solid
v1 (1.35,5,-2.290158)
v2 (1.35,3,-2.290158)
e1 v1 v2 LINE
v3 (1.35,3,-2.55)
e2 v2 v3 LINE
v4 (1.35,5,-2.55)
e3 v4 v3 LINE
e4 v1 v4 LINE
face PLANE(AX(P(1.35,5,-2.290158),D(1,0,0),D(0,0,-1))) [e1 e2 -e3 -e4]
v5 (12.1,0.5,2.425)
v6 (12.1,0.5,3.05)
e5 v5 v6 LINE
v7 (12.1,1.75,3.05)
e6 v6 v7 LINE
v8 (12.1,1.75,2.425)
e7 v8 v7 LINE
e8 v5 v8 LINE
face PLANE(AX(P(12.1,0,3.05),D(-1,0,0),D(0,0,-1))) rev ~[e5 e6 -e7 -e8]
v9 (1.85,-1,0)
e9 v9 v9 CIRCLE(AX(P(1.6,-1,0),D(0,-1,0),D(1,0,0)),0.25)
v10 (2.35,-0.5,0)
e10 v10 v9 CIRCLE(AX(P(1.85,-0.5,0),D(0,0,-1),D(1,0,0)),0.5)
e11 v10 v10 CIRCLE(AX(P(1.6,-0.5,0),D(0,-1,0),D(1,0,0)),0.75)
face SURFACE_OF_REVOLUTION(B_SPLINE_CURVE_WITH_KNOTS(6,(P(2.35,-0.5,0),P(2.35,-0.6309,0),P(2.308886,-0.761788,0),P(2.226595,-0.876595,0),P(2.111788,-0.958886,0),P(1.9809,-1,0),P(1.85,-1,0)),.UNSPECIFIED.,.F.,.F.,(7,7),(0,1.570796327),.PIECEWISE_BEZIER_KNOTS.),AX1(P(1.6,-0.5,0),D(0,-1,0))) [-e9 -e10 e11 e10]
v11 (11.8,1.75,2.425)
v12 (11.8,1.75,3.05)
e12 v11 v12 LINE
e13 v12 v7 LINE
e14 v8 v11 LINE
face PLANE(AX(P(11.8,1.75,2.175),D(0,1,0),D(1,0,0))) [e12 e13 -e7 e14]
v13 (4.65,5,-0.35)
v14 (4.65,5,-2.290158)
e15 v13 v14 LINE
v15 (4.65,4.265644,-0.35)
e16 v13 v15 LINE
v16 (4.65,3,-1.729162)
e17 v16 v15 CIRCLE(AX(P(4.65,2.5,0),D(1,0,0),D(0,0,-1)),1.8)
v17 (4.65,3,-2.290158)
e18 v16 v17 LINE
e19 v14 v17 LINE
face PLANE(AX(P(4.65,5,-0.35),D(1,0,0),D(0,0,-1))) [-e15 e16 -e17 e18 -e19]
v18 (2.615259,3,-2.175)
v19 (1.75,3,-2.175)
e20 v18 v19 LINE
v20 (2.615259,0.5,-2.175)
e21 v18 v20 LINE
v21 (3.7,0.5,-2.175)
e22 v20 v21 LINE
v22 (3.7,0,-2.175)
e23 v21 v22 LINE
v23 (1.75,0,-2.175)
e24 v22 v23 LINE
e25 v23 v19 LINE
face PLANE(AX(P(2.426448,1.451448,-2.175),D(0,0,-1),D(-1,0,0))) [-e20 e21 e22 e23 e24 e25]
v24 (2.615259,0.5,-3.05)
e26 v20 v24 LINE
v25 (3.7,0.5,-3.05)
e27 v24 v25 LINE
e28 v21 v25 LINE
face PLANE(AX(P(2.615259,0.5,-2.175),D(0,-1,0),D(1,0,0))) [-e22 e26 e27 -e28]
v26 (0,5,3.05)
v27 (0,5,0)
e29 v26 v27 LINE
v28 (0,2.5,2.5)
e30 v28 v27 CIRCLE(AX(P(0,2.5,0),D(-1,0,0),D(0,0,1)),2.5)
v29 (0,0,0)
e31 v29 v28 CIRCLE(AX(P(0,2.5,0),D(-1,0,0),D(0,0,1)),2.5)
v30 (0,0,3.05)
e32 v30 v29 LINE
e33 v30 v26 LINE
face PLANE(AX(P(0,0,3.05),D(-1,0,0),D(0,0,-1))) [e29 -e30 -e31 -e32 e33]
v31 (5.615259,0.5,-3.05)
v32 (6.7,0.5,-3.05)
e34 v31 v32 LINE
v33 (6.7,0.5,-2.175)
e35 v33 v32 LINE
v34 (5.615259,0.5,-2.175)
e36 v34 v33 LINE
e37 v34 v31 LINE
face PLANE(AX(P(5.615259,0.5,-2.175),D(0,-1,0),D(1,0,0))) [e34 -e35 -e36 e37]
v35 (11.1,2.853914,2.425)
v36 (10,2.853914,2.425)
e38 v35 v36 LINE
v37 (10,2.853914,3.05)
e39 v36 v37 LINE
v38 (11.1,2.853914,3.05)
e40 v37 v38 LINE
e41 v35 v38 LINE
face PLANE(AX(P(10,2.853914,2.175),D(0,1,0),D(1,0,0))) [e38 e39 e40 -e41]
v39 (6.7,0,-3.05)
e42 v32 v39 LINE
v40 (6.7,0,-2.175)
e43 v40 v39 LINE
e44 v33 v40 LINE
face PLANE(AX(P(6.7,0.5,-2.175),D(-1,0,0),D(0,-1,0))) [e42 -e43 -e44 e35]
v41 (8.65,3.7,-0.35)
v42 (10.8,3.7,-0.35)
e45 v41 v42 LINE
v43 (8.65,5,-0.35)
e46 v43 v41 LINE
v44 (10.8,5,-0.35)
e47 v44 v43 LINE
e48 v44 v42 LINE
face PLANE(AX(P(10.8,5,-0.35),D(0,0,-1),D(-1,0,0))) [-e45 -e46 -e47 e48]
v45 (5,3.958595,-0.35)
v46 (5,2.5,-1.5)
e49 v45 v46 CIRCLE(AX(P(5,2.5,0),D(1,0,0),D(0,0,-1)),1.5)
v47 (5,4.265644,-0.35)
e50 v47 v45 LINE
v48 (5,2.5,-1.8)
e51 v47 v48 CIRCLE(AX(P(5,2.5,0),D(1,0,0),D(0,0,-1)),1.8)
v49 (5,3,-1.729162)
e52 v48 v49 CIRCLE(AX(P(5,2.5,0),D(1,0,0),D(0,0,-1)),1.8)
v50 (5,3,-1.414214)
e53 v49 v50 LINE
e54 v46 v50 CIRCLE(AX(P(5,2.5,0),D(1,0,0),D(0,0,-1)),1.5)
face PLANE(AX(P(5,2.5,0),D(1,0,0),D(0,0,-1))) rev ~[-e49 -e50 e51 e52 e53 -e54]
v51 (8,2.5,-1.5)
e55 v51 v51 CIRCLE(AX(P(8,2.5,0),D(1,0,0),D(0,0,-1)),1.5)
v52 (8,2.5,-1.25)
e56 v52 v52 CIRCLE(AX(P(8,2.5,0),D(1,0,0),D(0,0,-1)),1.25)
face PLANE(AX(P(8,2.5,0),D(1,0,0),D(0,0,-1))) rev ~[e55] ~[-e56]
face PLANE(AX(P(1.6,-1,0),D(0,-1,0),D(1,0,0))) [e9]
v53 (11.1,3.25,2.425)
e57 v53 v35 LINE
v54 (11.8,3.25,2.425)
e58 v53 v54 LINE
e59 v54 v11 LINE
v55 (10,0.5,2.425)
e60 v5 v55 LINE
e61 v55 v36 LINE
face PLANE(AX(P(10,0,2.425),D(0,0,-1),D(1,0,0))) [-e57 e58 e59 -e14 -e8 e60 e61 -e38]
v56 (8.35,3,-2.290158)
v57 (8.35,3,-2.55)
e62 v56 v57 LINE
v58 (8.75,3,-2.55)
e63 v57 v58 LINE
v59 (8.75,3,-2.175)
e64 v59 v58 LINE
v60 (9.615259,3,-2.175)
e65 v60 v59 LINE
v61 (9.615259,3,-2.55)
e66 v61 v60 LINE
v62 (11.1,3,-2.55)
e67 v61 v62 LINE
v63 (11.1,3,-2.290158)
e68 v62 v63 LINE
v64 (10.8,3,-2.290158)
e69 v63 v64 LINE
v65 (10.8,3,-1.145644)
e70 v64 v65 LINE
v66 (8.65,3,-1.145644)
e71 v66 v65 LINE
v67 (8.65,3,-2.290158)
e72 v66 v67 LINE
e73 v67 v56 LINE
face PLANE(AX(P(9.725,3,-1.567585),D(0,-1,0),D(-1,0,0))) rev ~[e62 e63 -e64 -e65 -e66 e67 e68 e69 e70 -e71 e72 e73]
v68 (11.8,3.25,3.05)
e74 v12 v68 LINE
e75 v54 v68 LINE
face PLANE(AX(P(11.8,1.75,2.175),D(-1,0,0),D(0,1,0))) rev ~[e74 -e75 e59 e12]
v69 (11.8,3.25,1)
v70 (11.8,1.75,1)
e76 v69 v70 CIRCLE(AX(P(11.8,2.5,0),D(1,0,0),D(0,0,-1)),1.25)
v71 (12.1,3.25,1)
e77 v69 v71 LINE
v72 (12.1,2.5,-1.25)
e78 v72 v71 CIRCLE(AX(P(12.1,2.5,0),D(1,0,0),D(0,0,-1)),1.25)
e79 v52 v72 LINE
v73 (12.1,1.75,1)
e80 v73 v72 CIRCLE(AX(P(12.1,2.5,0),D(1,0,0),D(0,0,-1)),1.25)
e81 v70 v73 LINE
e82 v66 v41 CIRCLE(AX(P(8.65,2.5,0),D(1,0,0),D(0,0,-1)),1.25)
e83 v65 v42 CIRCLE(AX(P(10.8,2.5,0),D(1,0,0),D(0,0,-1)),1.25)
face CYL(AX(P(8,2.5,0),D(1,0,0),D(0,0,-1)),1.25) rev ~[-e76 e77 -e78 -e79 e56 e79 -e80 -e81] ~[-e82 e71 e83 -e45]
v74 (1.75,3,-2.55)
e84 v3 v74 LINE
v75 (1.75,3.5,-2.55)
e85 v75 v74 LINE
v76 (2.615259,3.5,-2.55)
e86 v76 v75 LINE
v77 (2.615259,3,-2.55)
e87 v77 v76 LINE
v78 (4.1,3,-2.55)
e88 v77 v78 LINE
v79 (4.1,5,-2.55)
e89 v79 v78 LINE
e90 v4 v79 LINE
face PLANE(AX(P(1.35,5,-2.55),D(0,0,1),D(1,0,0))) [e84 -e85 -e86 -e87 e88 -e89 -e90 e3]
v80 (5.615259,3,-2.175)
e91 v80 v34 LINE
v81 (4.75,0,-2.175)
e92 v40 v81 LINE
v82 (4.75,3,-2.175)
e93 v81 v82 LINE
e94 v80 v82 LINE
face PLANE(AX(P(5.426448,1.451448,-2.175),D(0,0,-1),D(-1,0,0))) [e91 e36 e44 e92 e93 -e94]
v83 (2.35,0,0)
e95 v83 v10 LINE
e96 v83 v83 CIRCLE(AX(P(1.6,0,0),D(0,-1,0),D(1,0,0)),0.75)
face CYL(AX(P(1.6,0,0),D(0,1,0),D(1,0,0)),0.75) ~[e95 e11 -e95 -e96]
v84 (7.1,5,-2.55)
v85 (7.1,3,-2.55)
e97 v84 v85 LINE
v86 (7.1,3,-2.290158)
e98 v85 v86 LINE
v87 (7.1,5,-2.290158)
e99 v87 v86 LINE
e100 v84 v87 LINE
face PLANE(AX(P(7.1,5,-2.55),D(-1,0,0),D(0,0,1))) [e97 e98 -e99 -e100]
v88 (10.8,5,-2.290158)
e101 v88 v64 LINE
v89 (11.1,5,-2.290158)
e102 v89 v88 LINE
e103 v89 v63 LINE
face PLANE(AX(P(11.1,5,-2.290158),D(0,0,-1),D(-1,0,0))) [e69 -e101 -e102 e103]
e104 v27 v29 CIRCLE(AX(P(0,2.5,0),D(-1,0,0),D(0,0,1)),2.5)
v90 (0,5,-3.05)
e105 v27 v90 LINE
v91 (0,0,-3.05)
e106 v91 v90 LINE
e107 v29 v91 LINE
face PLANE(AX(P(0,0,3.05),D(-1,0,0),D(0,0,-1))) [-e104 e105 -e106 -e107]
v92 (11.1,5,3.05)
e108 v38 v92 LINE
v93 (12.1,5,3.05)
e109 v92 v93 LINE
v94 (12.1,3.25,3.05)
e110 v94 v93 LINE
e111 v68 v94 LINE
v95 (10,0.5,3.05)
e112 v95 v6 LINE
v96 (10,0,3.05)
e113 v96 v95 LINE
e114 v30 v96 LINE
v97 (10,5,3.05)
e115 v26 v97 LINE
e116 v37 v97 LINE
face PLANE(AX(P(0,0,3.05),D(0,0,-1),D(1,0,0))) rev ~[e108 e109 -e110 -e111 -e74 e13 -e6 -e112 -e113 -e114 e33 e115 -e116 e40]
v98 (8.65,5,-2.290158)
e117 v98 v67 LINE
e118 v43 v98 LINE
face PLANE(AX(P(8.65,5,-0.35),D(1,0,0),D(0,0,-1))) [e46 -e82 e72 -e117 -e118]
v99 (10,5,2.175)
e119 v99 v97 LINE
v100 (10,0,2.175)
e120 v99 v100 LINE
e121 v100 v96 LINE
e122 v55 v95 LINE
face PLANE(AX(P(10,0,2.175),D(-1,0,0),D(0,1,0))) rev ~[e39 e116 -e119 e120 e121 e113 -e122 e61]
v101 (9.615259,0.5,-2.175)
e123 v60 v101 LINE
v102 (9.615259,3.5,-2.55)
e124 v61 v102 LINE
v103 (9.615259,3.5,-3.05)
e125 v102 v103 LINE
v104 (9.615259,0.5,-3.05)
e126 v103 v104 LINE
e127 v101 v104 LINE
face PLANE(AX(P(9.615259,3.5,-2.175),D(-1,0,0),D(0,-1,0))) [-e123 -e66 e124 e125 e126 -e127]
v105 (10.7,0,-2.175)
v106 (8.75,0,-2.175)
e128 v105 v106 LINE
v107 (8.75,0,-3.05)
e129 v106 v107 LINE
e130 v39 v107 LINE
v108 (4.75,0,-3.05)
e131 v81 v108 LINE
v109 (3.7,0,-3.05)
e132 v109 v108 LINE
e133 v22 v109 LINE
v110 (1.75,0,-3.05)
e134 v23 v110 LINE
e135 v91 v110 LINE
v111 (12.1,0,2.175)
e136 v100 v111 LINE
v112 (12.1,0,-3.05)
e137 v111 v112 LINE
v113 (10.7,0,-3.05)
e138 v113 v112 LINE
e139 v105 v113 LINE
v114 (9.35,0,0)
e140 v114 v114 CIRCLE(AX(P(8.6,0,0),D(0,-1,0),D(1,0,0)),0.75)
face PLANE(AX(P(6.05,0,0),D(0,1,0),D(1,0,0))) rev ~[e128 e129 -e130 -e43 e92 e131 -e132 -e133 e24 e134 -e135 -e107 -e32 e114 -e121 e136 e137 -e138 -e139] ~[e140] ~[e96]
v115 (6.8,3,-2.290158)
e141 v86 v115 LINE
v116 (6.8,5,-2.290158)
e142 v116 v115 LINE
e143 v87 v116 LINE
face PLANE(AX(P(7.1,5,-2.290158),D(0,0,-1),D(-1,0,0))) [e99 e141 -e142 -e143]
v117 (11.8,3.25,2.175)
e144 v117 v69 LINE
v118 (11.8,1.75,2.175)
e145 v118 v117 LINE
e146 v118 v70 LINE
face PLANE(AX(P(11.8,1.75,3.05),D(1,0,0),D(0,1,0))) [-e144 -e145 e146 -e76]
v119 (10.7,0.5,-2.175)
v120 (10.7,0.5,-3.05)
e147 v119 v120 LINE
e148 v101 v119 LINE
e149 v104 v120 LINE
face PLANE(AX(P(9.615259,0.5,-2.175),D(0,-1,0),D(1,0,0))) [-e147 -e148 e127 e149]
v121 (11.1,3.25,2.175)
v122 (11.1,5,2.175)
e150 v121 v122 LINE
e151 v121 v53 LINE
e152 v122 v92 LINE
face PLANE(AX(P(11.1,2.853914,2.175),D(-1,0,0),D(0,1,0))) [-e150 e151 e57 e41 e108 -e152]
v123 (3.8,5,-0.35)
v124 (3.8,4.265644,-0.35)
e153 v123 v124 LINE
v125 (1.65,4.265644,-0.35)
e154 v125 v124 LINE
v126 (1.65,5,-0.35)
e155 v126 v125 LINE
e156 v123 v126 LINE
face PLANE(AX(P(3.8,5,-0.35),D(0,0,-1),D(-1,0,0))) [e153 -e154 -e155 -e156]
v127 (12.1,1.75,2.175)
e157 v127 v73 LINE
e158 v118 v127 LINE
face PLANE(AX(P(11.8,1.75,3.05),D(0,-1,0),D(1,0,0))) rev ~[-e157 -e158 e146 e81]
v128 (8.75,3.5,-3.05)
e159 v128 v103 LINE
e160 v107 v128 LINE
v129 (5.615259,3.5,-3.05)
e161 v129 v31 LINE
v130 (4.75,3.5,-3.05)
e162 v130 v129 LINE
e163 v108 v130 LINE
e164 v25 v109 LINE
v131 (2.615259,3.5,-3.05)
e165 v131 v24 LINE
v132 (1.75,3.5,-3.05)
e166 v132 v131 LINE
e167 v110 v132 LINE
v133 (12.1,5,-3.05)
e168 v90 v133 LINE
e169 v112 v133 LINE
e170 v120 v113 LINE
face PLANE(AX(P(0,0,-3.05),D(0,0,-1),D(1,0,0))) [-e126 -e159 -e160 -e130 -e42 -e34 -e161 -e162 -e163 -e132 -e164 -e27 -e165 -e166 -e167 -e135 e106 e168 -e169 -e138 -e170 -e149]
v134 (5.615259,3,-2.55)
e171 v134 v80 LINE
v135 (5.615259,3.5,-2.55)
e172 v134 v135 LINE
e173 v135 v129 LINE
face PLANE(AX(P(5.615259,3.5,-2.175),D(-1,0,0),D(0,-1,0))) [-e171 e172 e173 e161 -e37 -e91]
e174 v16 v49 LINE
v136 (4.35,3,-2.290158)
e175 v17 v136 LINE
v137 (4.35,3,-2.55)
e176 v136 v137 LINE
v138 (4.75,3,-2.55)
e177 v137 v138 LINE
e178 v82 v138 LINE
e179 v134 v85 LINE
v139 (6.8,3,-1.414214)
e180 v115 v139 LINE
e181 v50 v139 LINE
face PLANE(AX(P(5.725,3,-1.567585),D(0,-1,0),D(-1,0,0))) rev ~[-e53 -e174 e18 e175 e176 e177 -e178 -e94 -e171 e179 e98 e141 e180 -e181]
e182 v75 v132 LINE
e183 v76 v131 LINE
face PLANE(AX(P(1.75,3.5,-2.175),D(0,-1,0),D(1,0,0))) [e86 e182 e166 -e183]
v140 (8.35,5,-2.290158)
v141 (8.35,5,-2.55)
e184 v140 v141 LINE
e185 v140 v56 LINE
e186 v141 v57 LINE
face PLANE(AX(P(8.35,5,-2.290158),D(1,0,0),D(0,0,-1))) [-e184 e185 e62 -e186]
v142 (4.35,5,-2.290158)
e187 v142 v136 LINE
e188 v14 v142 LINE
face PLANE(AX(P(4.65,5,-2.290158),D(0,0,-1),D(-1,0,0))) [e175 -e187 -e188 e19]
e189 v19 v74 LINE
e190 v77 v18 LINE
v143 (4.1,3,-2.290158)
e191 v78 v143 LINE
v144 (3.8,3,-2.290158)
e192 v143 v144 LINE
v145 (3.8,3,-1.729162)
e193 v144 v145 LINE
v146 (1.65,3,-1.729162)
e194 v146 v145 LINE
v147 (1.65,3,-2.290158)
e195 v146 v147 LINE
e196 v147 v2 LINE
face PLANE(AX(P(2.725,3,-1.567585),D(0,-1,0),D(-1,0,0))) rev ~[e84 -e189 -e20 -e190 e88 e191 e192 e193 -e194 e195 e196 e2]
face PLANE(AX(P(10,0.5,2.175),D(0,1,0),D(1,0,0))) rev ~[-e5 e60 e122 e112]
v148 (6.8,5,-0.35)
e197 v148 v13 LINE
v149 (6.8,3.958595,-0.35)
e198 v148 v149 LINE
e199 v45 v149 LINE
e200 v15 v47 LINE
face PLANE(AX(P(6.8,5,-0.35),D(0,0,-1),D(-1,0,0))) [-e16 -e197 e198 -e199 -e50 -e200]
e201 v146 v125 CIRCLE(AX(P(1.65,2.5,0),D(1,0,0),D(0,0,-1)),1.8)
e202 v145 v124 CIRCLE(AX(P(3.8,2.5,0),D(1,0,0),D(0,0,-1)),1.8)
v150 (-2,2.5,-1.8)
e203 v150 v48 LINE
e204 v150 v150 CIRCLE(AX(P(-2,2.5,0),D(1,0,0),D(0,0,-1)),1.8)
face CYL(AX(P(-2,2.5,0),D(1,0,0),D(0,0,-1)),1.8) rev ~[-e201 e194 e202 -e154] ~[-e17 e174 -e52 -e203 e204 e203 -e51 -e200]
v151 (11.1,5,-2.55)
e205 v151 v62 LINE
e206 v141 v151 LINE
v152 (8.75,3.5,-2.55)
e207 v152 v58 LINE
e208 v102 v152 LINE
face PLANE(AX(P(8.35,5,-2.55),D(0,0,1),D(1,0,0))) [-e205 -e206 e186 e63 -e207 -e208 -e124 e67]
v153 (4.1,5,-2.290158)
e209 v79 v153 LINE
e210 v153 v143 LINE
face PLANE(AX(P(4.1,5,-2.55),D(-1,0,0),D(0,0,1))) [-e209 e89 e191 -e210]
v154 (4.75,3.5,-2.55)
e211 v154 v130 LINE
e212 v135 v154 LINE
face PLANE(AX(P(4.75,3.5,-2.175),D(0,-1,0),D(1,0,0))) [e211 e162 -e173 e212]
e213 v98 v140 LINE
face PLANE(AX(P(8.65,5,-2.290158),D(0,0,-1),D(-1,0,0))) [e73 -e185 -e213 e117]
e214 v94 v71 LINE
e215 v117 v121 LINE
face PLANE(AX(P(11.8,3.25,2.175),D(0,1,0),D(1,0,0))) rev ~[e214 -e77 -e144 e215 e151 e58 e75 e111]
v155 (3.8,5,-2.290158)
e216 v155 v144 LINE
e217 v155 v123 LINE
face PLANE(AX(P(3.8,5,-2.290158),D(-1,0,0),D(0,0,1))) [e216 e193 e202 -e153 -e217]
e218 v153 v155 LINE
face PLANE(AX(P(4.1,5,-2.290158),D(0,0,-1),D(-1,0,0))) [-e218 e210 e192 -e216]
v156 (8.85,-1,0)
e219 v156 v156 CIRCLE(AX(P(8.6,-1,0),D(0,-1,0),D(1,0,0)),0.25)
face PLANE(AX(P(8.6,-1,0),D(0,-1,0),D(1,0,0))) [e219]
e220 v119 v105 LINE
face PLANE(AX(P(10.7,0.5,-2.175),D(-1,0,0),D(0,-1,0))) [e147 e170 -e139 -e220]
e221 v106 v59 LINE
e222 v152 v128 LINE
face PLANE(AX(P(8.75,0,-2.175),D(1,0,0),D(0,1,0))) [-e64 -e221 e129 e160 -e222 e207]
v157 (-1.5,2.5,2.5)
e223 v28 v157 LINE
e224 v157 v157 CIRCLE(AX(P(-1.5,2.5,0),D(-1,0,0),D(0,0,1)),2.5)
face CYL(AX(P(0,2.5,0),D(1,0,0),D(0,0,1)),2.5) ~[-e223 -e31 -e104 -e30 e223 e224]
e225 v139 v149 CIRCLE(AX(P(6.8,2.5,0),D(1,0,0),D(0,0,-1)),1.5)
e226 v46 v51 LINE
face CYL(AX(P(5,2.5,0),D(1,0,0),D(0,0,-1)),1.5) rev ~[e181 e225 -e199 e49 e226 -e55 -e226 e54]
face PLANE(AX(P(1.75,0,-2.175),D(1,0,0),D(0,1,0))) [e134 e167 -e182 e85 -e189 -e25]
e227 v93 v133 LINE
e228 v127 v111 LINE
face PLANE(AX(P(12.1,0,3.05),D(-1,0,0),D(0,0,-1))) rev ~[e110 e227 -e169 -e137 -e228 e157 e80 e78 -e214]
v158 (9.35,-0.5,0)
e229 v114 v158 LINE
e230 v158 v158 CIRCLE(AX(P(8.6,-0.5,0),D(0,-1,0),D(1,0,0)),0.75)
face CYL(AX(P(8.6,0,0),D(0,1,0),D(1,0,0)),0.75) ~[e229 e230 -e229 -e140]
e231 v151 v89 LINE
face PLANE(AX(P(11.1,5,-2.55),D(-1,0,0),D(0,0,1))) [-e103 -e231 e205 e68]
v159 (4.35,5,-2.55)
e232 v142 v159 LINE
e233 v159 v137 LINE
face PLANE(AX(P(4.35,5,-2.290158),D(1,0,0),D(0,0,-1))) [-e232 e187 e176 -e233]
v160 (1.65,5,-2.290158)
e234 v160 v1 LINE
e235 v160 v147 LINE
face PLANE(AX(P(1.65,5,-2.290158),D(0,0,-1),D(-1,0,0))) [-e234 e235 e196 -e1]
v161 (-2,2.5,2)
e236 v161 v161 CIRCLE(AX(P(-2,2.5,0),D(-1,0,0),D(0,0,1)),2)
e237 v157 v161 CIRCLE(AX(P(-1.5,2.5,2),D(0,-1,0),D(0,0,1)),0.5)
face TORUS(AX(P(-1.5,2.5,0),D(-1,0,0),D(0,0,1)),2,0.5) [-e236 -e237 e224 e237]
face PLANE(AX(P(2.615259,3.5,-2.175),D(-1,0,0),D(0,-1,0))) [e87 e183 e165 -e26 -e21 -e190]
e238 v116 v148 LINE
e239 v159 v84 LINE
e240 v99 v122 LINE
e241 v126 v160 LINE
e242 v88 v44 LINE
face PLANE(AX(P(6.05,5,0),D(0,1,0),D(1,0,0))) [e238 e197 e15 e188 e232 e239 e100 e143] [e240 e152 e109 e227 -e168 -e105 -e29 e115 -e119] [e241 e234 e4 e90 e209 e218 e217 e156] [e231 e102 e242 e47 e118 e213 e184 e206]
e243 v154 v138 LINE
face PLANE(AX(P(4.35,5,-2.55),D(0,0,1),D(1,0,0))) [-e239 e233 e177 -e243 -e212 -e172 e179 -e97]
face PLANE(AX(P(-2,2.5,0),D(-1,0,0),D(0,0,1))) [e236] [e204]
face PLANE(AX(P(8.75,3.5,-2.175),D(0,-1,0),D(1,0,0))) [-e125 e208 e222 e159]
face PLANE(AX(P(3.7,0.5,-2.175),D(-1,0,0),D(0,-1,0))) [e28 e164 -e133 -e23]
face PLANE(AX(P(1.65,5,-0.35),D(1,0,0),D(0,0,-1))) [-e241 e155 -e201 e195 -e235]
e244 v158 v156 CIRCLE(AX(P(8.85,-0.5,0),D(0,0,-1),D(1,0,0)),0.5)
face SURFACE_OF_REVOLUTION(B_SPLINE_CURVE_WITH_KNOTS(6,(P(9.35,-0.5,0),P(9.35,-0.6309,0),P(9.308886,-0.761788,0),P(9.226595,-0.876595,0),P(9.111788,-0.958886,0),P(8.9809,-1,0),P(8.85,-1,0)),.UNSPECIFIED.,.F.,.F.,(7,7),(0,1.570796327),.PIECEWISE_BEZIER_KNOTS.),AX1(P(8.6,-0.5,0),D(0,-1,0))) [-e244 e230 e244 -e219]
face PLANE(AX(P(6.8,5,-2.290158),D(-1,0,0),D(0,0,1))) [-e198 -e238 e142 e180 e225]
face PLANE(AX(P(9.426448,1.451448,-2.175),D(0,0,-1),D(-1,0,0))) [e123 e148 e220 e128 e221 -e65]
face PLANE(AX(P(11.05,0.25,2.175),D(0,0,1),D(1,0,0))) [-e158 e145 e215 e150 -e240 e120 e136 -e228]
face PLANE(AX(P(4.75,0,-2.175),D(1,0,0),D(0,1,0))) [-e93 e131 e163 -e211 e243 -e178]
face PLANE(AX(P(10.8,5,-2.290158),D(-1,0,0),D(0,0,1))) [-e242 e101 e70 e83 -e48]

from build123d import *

# Parameters (mm, degrees)
SKETCH_1_W          = 12.1
SKETCH_1_H          = 6.1
EXTRUDE_1_DEPTH     = 5
SKETCH_3_R          = 2.5
EXTRUDE_2_DEPTH     = 2
SKETCH_4_R          = 0.75
EXTRUDE_3_DEPTH     = 1
FILLET_1_R          = 0.5
CUT_EXTRUDE_START   = -0.875
CUT_EXTRUDE_2_DEPTH = 0.875
CUT_EXTRUDE_4_DEPTH = 2
FILLET_2_R          = 0.5
SKETCH_10_W         = 1.1
SKETCH_10_H         = 2.146086497
SKETCH_10_W_2       = 2.1
SKETCH_10_H_2       = 0.5
SKETCH_10_W_3       = 0.3
SKETCH_10_H_3       = 1.5
CUT_EXTRUDE_5_DEPTH = 0.875
SKETCH_11_W         = 2.1
SKETCH_11_H         = 0.25
CUT_EXTRUDE_6_DEPTH = 3.25
SKETCH_12_W         = 0.3
SKETCH_12_H         = 1.5
CUT_EXTRUDE_7_DEPTH = 3


with BuildPart() as part:
    # 草图1 → 凸台-拉伸1 (new body)
    with BuildSketch(Plane(origin=(0, 0, 0), x_dir=(1, 0, 0), z_dir=(0, 1, 0))):
        with Locations((6.05, 0)):
            Rectangle(SKETCH_1_W, SKETCH_1_H)
    extrude(amount=EXTRUDE_1_DEPTH)

    # 草图3 → 凸台-拉伸2 (add)
    with BuildSketch(Plane.ZY):
        with Locations((0, 2.5)):
            Circle(SKETCH_3_R)
    extrude(amount=EXTRUDE_2_DEPTH)

    # 草图4 → 凸台-拉伸3 (add)
    with BuildSketch(Plane.XZ):
        with Locations((1.6, 0)):
            Circle(SKETCH_4_R)
        with Locations((8.6, 0)):
            Circle(SKETCH_4_R)
    extrude(amount=EXTRUDE_3_DEPTH)

    # 圆角1
    fillet_1_edges = [part.edges().sort_by_distance(p)[0] for p in [
        (0.85, -1, 0),
        (7.85, -1, 0),
    ]]
    fillet(fillet_1_edges, radius=FILLET_1_R)

    # 草图6 → 切除-拉伸2 (cut)
    with BuildSketch(Plane(origin=(0, 0, -3.05), x_dir=(-1, 0, 0), z_dir=(0, 0, -1)).offset(CUT_EXTRUDE_START)):
        Polygon((-1.75, 0), (-1.75, 3.5), (-2.615259451, 3.5), (-2.615259451, 0.5), (-3.7, 0.5), (-3.7, 0), align=None)
        Polygon((-6.7, 0.5), (-6.7, 0), (-4.75, 0), (-4.75, 3.5), (-5.615259451, 3.5), (-5.615259451, 0.5), align=None)
        Polygon((-8.75, 3.5), (-9.615259451, 3.5), (-9.615259451, 0.5), (-10.7, 0.5), (-10.7, 0), (-8.75, 0), align=None)
    extrude(amount=CUT_EXTRUDE_2_DEPTH, mode=Mode.SUBTRACT)

    # 草图8 → 切除-拉伸4 (cut)
    with BuildSketch(Plane(origin=(0, 5, 0), x_dir=(1, 0, 0), z_dir=(0, 1, 0))):
        Polygon((8.35, 2.55), (11.1, 2.55), (11.1, 2.290157714), (10.8, 2.290157714), (10.8, 0.35), (8.65, 0.35), (8.65, 2.290157714), (8.35, 2.290157714), align=None)
        Polygon((4.35, 2.55), (7.1, 2.55), (7.1, 2.290157714), (6.8, 2.290157714), (6.8, 0.35), (4.65, 0.35), (4.65, 2.290157714), (4.35, 2.290157714), align=None)
        Polygon((1.35, 2.55), (4.1, 2.55), (4.1, 2.290157714), (3.8, 2.290157714), (3.8, 0.35), (1.65, 0.35), (1.65, 2.290157714), (1.35, 2.290157714), align=None)
    extrude(amount=-CUT_EXTRUDE_4_DEPTH, mode=Mode.SUBTRACT)

    # 草图9 → 切除-旋转1 (revolve, cut)
    with BuildSketch(Plane(origin=(0, 2.5, 0), x_dir=(1, 0, 0), z_dir=(0, 1, 0))):
        Polygon((-2, 0), (-2, 1.8), (5, 1.8), (5, 1.5), (8, 1.5), (8, 1.25), (12.1, 1.25), (12.1, 0), align=None)
    revolve(axis=Axis((-0.907835796, 2.5, 0), (1, 0, 0)), mode=Mode.SUBTRACT)

    # 圆角2
    fillet_2_edges = [part.edges().sort_by_distance(p)[0] for p in [
        (-2, 2.5, -2.5),
    ]]
    fillet(fillet_2_edges, radius=FILLET_2_R)

    # 草图10 → 切除-拉伸5 (cut)
    with BuildSketch(Plane.XY.offset(3.05).offset(CUT_EXTRUDE_START)):
        with Locations((10.55, 3.926956752)):
            Rectangle(SKETCH_10_W, SKETCH_10_H)
        with Locations((11.05, 0.25)):
            Rectangle(SKETCH_10_W_2, SKETCH_10_H_2)
        with Locations((11.95, 2.5)):
            Rectangle(SKETCH_10_W_3, SKETCH_10_H_3)
    extrude(amount=CUT_EXTRUDE_5_DEPTH, mode=Mode.SUBTRACT)

    # 草图11 → 切除-拉伸6 (cut)
    with BuildSketch(Plane.XZ):
        with Locations((11.05, 2.3)):
            Rectangle(SKETCH_11_W, SKETCH_11_H)
    extrude(amount=-CUT_EXTRUDE_6_DEPTH, mode=Mode.SUBTRACT)

    # 草图12 → 切除-拉伸7 (cut)
    with BuildSketch(Plane.XY.offset(3.05)):
        with Locations((11.95, 2.5)):
            Rectangle(SKETCH_12_W, SKETCH_12_H)
    extrude(amount=-CUT_EXTRUDE_7_DEPTH, mode=Mode.SUBTRACT)


solid = part.part
